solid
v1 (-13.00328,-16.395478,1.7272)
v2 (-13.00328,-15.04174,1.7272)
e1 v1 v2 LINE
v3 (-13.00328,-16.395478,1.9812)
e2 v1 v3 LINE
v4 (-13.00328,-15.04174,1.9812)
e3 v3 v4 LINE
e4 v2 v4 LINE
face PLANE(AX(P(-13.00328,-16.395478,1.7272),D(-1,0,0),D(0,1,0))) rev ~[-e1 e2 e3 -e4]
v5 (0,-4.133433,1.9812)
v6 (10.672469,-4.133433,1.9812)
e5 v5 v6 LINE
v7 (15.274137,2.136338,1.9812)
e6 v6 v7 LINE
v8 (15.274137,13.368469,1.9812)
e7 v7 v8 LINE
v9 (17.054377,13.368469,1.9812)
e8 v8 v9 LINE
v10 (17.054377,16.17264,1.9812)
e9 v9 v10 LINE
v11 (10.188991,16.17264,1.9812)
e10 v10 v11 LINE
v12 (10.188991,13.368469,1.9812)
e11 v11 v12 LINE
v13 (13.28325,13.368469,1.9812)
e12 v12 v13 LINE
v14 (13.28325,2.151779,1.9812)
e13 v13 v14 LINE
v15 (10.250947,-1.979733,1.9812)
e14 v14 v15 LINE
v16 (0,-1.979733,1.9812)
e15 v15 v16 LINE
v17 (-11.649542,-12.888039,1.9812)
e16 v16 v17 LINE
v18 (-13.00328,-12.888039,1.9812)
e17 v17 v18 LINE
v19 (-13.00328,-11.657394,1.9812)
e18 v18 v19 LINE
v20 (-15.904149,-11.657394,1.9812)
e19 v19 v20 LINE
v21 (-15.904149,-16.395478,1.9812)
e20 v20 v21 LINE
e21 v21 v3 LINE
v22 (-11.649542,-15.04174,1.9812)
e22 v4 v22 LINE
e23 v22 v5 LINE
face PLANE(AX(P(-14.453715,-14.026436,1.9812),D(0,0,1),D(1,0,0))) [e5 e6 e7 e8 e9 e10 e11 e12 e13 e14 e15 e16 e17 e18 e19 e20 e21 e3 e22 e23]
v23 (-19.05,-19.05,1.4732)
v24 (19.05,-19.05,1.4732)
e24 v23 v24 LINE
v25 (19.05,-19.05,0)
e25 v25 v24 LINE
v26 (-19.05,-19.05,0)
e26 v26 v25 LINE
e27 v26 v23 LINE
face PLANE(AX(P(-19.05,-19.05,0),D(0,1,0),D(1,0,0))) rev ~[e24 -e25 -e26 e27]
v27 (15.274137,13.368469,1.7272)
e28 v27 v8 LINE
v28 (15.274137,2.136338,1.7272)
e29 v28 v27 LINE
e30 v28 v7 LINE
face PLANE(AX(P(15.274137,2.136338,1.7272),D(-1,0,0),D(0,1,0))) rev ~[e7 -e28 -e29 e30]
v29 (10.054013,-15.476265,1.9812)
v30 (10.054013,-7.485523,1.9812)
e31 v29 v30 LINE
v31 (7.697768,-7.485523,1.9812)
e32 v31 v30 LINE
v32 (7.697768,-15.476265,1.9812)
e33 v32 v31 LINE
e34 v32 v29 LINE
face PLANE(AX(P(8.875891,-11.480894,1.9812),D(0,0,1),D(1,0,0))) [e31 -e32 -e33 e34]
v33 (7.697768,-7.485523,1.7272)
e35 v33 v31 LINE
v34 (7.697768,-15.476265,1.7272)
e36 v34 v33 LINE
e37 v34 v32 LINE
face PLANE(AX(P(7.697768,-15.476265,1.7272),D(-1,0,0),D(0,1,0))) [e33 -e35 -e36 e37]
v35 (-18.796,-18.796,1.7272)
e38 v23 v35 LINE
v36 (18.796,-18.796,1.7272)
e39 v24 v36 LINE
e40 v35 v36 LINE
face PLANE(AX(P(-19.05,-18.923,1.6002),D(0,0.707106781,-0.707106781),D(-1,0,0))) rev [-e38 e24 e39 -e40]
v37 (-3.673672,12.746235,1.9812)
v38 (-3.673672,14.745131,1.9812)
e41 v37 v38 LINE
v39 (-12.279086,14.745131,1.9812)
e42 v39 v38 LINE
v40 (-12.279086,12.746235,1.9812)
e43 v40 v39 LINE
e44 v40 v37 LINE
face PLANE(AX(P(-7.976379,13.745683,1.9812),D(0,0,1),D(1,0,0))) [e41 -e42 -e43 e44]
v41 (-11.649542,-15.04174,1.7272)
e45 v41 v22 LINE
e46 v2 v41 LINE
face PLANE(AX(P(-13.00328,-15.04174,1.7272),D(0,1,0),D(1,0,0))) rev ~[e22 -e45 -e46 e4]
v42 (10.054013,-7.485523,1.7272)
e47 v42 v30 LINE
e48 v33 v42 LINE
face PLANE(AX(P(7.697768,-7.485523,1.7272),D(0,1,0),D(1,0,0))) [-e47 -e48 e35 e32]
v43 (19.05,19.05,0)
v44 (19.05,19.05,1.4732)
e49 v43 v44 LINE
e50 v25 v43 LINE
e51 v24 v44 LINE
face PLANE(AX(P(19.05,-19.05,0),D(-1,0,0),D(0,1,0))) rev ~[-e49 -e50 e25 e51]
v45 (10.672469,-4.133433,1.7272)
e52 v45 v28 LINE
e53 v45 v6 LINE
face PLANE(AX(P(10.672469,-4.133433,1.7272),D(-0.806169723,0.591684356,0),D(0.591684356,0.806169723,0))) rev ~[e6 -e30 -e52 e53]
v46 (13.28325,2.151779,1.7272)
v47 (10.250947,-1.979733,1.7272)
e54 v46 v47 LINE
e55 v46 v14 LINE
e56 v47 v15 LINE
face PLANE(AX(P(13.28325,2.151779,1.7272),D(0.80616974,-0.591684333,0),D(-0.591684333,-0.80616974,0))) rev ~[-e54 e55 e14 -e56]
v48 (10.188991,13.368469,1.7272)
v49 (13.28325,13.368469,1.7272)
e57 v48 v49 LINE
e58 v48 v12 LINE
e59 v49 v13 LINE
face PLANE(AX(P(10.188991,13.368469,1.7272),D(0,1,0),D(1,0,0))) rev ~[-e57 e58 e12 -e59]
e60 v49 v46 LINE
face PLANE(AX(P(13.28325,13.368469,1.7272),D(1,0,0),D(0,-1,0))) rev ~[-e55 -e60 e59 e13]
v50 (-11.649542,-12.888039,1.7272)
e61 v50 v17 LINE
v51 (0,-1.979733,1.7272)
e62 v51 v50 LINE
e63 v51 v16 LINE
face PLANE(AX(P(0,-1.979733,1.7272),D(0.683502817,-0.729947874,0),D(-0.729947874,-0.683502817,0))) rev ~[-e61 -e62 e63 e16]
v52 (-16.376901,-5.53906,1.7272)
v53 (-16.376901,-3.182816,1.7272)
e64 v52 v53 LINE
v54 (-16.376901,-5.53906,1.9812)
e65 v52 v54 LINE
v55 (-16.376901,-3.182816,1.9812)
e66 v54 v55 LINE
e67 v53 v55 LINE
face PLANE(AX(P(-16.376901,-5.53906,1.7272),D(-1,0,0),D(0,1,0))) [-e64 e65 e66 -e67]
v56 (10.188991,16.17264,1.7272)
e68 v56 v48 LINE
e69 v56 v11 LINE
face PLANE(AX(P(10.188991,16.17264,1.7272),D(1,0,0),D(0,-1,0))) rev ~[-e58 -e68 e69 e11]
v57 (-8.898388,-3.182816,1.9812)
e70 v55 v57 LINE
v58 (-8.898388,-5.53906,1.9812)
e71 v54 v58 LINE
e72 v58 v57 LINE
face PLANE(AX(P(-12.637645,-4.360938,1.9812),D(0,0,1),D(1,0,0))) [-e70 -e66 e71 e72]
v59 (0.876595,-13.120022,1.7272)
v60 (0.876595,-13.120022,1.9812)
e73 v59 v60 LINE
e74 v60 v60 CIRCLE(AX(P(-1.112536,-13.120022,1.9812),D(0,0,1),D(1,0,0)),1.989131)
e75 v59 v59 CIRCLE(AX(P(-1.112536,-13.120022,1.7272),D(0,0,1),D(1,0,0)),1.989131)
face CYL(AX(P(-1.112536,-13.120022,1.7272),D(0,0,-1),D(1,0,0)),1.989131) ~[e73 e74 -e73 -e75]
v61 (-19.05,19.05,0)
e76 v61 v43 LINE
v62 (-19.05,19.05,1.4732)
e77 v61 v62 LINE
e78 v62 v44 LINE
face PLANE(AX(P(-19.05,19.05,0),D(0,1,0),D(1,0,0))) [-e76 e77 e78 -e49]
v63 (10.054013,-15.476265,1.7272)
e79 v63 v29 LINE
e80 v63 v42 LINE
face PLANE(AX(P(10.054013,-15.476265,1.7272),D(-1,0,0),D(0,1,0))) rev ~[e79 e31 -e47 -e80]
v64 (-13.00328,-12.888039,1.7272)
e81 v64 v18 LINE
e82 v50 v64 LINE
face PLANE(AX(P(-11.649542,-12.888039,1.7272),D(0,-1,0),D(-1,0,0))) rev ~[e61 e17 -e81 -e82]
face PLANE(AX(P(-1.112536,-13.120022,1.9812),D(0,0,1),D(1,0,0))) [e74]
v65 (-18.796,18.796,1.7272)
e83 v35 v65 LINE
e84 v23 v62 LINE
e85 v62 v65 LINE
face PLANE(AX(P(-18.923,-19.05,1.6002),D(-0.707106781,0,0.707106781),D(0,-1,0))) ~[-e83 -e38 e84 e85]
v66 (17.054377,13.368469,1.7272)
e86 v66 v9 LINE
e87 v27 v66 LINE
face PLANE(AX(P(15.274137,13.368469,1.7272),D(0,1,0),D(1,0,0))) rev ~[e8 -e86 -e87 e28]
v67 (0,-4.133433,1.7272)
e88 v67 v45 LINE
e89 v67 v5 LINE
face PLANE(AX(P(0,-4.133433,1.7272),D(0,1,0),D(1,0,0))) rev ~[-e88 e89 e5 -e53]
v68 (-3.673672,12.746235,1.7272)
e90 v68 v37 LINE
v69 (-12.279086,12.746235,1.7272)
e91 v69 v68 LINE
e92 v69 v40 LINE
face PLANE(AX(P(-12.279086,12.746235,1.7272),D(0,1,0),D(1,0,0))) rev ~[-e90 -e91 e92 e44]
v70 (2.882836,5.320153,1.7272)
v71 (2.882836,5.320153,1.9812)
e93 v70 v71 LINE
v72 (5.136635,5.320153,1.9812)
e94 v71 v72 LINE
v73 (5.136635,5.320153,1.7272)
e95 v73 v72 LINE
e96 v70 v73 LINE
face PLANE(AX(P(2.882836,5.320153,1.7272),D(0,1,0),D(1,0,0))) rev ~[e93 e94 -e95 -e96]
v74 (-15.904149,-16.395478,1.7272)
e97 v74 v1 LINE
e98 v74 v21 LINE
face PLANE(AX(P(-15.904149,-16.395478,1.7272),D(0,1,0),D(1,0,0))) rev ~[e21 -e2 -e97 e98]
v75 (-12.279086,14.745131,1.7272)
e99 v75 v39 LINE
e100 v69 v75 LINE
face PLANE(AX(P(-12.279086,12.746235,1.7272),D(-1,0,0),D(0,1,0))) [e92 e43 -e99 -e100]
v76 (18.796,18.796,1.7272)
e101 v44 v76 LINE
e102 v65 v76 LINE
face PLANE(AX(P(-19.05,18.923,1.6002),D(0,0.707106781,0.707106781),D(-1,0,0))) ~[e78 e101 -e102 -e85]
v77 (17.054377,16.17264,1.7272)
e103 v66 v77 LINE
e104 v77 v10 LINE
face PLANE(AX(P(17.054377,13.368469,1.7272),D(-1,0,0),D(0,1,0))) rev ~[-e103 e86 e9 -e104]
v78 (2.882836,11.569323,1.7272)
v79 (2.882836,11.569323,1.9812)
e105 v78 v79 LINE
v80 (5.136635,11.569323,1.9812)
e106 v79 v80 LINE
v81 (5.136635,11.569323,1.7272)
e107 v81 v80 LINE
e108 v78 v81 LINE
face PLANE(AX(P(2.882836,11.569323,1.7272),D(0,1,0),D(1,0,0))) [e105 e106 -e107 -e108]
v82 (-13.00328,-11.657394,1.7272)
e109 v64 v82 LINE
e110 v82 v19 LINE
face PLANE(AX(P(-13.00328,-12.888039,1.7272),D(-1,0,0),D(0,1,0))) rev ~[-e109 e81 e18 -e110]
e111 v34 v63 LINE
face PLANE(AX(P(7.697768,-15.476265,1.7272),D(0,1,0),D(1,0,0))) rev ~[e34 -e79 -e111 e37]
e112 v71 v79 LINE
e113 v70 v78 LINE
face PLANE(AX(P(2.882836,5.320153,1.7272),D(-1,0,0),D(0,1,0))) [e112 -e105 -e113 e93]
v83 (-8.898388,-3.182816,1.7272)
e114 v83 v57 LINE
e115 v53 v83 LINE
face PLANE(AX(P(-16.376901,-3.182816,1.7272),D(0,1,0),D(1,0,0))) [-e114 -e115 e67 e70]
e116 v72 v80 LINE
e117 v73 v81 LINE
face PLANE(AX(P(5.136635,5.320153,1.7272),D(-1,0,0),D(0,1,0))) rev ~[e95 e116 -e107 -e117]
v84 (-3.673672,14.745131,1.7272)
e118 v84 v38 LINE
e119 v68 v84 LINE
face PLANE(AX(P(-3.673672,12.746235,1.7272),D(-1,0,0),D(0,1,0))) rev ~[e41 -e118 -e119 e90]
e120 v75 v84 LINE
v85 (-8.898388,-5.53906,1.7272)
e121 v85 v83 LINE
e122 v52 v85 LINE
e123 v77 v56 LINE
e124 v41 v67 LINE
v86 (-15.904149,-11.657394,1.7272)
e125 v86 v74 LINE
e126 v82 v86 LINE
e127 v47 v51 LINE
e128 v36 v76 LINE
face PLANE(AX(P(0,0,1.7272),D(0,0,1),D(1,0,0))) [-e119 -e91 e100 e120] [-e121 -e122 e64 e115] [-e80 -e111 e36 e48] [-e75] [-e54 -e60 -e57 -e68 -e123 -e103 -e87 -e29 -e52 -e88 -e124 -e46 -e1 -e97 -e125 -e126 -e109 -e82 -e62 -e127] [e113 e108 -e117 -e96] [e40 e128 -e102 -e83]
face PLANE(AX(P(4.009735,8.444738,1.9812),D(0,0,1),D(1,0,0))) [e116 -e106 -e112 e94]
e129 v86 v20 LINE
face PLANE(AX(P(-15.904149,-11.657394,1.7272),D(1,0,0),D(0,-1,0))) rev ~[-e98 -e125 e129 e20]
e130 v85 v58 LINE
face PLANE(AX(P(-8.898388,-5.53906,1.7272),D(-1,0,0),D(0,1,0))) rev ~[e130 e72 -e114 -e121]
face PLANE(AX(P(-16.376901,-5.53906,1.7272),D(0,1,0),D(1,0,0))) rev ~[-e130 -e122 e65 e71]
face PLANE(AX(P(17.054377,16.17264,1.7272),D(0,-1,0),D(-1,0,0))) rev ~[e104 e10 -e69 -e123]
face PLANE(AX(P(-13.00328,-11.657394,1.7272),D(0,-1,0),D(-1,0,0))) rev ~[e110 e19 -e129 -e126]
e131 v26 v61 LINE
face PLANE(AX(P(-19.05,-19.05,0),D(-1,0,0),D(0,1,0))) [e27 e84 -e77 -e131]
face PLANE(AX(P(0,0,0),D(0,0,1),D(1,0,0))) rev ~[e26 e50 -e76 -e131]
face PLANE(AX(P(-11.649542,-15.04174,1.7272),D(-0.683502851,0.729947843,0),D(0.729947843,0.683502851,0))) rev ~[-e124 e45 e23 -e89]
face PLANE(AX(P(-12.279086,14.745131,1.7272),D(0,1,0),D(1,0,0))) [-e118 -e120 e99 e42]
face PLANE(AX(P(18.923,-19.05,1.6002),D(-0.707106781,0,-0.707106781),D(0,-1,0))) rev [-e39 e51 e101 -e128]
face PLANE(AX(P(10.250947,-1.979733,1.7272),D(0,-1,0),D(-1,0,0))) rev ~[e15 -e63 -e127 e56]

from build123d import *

# Parameters (mm, degrees)
F0_W     = 38.1
F0_H     = 38.1
F1_DEPTH = 1.7272
F2_SIZE  = 0.254
F3_W     = 8.605414
F3_H     = 1.998895
F3_W_2   = 2.356245
F3_H_2   = 7.990742
F3_W_3   = 7.478513
F3_H_3   = 2.356244
F3_W_4   = 2.253799
F3_H_4   = 6.24917
F3_R     = 1.989131
F4_DEPTH = 0.254


with BuildPart() as f1:
    # F0 (on Top) → F1 (new body)
    with BuildSketch(Plane.XY):
        Rectangle(F0_W, F0_H)
    extrude(amount=F1_DEPTH)

    # F2
    f2_edges = [f1.edges().sort_by_distance(p)[0] for p in [
        (0, -19.05, 1.7272),
        (-19.05, 0, 1.7272),
        (0, 19.05, 1.7272),
        (19.05, 0, 1.7272),
    ]]
    chamfer(f2_edges, length=F2_SIZE)

    # F3 (on face) → F4 (join)
    with BuildSketch(Plane.XY.offset(1.7272)):
        Polygon((-13.00328, -11.657394), (-15.904149, -11.657394), (-15.904149, -16.395478), (-13.00328, -16.395478), (-13.00328, -15.04174), (-13.00328, -14.026436), (-13.00328, -12.888039), align=None)
        Polygon((-11.649542, -12.888039), (-13.00328, -12.888039), (-13.00328, -14.026436), (-11.649542, -14.026436), (0, -3.118129), (10.672469, -3.118129), (14.540292, 2.151779), (14.540292, 11.33786), (14.540292, 13.368469), (13.28325, 13.368469), (13.28325, 11.33786), (13.28325, 2.151779), (10.250947, -1.979733), (0, -1.979733), align=None)
        Polygon((-11.649542, -14.026436), (-13.00328, -14.026436), (-13.00328, -15.04174), (-11.649542, -15.04174), (0, -4.133433), (10.672469, -4.133433), (15.274137, 2.136338), (15.274137, 11.51581), (15.274137, 13.368469), (14.540292, 13.368469), (14.540292, 11.33786), (14.540292, 2.151779), (10.672469, -3.118129), (0, -3.118129), align=None)
        Polygon((12.026207, 13.368469), (13.28325, 13.368469), (14.540292, 13.368469), (15.274137, 13.368469), (17.054377, 13.368469), (17.054377, 16.17264), (10.188991, 16.17264), (10.188991, 13.368469), align=None)
        with Locations((-7.976379, 13.745683)):
            Rectangle(F3_W, F3_H)
        with Locations((8.875891, -11.480894)):
            Rectangle(F3_W_2, F3_H_2)
        with Locations((-12.637645, -4.360938)):
            Rectangle(F3_W_3, F3_H_3)
        with Locations((4.009735, 8.444738)):
            Rectangle(F3_W_4, F3_H_4)
        with Locations((-1.112536, -13.120022)):
            Circle(F3_R)
    extrude(amount=F4_DEPTH)


solid = f1.part
